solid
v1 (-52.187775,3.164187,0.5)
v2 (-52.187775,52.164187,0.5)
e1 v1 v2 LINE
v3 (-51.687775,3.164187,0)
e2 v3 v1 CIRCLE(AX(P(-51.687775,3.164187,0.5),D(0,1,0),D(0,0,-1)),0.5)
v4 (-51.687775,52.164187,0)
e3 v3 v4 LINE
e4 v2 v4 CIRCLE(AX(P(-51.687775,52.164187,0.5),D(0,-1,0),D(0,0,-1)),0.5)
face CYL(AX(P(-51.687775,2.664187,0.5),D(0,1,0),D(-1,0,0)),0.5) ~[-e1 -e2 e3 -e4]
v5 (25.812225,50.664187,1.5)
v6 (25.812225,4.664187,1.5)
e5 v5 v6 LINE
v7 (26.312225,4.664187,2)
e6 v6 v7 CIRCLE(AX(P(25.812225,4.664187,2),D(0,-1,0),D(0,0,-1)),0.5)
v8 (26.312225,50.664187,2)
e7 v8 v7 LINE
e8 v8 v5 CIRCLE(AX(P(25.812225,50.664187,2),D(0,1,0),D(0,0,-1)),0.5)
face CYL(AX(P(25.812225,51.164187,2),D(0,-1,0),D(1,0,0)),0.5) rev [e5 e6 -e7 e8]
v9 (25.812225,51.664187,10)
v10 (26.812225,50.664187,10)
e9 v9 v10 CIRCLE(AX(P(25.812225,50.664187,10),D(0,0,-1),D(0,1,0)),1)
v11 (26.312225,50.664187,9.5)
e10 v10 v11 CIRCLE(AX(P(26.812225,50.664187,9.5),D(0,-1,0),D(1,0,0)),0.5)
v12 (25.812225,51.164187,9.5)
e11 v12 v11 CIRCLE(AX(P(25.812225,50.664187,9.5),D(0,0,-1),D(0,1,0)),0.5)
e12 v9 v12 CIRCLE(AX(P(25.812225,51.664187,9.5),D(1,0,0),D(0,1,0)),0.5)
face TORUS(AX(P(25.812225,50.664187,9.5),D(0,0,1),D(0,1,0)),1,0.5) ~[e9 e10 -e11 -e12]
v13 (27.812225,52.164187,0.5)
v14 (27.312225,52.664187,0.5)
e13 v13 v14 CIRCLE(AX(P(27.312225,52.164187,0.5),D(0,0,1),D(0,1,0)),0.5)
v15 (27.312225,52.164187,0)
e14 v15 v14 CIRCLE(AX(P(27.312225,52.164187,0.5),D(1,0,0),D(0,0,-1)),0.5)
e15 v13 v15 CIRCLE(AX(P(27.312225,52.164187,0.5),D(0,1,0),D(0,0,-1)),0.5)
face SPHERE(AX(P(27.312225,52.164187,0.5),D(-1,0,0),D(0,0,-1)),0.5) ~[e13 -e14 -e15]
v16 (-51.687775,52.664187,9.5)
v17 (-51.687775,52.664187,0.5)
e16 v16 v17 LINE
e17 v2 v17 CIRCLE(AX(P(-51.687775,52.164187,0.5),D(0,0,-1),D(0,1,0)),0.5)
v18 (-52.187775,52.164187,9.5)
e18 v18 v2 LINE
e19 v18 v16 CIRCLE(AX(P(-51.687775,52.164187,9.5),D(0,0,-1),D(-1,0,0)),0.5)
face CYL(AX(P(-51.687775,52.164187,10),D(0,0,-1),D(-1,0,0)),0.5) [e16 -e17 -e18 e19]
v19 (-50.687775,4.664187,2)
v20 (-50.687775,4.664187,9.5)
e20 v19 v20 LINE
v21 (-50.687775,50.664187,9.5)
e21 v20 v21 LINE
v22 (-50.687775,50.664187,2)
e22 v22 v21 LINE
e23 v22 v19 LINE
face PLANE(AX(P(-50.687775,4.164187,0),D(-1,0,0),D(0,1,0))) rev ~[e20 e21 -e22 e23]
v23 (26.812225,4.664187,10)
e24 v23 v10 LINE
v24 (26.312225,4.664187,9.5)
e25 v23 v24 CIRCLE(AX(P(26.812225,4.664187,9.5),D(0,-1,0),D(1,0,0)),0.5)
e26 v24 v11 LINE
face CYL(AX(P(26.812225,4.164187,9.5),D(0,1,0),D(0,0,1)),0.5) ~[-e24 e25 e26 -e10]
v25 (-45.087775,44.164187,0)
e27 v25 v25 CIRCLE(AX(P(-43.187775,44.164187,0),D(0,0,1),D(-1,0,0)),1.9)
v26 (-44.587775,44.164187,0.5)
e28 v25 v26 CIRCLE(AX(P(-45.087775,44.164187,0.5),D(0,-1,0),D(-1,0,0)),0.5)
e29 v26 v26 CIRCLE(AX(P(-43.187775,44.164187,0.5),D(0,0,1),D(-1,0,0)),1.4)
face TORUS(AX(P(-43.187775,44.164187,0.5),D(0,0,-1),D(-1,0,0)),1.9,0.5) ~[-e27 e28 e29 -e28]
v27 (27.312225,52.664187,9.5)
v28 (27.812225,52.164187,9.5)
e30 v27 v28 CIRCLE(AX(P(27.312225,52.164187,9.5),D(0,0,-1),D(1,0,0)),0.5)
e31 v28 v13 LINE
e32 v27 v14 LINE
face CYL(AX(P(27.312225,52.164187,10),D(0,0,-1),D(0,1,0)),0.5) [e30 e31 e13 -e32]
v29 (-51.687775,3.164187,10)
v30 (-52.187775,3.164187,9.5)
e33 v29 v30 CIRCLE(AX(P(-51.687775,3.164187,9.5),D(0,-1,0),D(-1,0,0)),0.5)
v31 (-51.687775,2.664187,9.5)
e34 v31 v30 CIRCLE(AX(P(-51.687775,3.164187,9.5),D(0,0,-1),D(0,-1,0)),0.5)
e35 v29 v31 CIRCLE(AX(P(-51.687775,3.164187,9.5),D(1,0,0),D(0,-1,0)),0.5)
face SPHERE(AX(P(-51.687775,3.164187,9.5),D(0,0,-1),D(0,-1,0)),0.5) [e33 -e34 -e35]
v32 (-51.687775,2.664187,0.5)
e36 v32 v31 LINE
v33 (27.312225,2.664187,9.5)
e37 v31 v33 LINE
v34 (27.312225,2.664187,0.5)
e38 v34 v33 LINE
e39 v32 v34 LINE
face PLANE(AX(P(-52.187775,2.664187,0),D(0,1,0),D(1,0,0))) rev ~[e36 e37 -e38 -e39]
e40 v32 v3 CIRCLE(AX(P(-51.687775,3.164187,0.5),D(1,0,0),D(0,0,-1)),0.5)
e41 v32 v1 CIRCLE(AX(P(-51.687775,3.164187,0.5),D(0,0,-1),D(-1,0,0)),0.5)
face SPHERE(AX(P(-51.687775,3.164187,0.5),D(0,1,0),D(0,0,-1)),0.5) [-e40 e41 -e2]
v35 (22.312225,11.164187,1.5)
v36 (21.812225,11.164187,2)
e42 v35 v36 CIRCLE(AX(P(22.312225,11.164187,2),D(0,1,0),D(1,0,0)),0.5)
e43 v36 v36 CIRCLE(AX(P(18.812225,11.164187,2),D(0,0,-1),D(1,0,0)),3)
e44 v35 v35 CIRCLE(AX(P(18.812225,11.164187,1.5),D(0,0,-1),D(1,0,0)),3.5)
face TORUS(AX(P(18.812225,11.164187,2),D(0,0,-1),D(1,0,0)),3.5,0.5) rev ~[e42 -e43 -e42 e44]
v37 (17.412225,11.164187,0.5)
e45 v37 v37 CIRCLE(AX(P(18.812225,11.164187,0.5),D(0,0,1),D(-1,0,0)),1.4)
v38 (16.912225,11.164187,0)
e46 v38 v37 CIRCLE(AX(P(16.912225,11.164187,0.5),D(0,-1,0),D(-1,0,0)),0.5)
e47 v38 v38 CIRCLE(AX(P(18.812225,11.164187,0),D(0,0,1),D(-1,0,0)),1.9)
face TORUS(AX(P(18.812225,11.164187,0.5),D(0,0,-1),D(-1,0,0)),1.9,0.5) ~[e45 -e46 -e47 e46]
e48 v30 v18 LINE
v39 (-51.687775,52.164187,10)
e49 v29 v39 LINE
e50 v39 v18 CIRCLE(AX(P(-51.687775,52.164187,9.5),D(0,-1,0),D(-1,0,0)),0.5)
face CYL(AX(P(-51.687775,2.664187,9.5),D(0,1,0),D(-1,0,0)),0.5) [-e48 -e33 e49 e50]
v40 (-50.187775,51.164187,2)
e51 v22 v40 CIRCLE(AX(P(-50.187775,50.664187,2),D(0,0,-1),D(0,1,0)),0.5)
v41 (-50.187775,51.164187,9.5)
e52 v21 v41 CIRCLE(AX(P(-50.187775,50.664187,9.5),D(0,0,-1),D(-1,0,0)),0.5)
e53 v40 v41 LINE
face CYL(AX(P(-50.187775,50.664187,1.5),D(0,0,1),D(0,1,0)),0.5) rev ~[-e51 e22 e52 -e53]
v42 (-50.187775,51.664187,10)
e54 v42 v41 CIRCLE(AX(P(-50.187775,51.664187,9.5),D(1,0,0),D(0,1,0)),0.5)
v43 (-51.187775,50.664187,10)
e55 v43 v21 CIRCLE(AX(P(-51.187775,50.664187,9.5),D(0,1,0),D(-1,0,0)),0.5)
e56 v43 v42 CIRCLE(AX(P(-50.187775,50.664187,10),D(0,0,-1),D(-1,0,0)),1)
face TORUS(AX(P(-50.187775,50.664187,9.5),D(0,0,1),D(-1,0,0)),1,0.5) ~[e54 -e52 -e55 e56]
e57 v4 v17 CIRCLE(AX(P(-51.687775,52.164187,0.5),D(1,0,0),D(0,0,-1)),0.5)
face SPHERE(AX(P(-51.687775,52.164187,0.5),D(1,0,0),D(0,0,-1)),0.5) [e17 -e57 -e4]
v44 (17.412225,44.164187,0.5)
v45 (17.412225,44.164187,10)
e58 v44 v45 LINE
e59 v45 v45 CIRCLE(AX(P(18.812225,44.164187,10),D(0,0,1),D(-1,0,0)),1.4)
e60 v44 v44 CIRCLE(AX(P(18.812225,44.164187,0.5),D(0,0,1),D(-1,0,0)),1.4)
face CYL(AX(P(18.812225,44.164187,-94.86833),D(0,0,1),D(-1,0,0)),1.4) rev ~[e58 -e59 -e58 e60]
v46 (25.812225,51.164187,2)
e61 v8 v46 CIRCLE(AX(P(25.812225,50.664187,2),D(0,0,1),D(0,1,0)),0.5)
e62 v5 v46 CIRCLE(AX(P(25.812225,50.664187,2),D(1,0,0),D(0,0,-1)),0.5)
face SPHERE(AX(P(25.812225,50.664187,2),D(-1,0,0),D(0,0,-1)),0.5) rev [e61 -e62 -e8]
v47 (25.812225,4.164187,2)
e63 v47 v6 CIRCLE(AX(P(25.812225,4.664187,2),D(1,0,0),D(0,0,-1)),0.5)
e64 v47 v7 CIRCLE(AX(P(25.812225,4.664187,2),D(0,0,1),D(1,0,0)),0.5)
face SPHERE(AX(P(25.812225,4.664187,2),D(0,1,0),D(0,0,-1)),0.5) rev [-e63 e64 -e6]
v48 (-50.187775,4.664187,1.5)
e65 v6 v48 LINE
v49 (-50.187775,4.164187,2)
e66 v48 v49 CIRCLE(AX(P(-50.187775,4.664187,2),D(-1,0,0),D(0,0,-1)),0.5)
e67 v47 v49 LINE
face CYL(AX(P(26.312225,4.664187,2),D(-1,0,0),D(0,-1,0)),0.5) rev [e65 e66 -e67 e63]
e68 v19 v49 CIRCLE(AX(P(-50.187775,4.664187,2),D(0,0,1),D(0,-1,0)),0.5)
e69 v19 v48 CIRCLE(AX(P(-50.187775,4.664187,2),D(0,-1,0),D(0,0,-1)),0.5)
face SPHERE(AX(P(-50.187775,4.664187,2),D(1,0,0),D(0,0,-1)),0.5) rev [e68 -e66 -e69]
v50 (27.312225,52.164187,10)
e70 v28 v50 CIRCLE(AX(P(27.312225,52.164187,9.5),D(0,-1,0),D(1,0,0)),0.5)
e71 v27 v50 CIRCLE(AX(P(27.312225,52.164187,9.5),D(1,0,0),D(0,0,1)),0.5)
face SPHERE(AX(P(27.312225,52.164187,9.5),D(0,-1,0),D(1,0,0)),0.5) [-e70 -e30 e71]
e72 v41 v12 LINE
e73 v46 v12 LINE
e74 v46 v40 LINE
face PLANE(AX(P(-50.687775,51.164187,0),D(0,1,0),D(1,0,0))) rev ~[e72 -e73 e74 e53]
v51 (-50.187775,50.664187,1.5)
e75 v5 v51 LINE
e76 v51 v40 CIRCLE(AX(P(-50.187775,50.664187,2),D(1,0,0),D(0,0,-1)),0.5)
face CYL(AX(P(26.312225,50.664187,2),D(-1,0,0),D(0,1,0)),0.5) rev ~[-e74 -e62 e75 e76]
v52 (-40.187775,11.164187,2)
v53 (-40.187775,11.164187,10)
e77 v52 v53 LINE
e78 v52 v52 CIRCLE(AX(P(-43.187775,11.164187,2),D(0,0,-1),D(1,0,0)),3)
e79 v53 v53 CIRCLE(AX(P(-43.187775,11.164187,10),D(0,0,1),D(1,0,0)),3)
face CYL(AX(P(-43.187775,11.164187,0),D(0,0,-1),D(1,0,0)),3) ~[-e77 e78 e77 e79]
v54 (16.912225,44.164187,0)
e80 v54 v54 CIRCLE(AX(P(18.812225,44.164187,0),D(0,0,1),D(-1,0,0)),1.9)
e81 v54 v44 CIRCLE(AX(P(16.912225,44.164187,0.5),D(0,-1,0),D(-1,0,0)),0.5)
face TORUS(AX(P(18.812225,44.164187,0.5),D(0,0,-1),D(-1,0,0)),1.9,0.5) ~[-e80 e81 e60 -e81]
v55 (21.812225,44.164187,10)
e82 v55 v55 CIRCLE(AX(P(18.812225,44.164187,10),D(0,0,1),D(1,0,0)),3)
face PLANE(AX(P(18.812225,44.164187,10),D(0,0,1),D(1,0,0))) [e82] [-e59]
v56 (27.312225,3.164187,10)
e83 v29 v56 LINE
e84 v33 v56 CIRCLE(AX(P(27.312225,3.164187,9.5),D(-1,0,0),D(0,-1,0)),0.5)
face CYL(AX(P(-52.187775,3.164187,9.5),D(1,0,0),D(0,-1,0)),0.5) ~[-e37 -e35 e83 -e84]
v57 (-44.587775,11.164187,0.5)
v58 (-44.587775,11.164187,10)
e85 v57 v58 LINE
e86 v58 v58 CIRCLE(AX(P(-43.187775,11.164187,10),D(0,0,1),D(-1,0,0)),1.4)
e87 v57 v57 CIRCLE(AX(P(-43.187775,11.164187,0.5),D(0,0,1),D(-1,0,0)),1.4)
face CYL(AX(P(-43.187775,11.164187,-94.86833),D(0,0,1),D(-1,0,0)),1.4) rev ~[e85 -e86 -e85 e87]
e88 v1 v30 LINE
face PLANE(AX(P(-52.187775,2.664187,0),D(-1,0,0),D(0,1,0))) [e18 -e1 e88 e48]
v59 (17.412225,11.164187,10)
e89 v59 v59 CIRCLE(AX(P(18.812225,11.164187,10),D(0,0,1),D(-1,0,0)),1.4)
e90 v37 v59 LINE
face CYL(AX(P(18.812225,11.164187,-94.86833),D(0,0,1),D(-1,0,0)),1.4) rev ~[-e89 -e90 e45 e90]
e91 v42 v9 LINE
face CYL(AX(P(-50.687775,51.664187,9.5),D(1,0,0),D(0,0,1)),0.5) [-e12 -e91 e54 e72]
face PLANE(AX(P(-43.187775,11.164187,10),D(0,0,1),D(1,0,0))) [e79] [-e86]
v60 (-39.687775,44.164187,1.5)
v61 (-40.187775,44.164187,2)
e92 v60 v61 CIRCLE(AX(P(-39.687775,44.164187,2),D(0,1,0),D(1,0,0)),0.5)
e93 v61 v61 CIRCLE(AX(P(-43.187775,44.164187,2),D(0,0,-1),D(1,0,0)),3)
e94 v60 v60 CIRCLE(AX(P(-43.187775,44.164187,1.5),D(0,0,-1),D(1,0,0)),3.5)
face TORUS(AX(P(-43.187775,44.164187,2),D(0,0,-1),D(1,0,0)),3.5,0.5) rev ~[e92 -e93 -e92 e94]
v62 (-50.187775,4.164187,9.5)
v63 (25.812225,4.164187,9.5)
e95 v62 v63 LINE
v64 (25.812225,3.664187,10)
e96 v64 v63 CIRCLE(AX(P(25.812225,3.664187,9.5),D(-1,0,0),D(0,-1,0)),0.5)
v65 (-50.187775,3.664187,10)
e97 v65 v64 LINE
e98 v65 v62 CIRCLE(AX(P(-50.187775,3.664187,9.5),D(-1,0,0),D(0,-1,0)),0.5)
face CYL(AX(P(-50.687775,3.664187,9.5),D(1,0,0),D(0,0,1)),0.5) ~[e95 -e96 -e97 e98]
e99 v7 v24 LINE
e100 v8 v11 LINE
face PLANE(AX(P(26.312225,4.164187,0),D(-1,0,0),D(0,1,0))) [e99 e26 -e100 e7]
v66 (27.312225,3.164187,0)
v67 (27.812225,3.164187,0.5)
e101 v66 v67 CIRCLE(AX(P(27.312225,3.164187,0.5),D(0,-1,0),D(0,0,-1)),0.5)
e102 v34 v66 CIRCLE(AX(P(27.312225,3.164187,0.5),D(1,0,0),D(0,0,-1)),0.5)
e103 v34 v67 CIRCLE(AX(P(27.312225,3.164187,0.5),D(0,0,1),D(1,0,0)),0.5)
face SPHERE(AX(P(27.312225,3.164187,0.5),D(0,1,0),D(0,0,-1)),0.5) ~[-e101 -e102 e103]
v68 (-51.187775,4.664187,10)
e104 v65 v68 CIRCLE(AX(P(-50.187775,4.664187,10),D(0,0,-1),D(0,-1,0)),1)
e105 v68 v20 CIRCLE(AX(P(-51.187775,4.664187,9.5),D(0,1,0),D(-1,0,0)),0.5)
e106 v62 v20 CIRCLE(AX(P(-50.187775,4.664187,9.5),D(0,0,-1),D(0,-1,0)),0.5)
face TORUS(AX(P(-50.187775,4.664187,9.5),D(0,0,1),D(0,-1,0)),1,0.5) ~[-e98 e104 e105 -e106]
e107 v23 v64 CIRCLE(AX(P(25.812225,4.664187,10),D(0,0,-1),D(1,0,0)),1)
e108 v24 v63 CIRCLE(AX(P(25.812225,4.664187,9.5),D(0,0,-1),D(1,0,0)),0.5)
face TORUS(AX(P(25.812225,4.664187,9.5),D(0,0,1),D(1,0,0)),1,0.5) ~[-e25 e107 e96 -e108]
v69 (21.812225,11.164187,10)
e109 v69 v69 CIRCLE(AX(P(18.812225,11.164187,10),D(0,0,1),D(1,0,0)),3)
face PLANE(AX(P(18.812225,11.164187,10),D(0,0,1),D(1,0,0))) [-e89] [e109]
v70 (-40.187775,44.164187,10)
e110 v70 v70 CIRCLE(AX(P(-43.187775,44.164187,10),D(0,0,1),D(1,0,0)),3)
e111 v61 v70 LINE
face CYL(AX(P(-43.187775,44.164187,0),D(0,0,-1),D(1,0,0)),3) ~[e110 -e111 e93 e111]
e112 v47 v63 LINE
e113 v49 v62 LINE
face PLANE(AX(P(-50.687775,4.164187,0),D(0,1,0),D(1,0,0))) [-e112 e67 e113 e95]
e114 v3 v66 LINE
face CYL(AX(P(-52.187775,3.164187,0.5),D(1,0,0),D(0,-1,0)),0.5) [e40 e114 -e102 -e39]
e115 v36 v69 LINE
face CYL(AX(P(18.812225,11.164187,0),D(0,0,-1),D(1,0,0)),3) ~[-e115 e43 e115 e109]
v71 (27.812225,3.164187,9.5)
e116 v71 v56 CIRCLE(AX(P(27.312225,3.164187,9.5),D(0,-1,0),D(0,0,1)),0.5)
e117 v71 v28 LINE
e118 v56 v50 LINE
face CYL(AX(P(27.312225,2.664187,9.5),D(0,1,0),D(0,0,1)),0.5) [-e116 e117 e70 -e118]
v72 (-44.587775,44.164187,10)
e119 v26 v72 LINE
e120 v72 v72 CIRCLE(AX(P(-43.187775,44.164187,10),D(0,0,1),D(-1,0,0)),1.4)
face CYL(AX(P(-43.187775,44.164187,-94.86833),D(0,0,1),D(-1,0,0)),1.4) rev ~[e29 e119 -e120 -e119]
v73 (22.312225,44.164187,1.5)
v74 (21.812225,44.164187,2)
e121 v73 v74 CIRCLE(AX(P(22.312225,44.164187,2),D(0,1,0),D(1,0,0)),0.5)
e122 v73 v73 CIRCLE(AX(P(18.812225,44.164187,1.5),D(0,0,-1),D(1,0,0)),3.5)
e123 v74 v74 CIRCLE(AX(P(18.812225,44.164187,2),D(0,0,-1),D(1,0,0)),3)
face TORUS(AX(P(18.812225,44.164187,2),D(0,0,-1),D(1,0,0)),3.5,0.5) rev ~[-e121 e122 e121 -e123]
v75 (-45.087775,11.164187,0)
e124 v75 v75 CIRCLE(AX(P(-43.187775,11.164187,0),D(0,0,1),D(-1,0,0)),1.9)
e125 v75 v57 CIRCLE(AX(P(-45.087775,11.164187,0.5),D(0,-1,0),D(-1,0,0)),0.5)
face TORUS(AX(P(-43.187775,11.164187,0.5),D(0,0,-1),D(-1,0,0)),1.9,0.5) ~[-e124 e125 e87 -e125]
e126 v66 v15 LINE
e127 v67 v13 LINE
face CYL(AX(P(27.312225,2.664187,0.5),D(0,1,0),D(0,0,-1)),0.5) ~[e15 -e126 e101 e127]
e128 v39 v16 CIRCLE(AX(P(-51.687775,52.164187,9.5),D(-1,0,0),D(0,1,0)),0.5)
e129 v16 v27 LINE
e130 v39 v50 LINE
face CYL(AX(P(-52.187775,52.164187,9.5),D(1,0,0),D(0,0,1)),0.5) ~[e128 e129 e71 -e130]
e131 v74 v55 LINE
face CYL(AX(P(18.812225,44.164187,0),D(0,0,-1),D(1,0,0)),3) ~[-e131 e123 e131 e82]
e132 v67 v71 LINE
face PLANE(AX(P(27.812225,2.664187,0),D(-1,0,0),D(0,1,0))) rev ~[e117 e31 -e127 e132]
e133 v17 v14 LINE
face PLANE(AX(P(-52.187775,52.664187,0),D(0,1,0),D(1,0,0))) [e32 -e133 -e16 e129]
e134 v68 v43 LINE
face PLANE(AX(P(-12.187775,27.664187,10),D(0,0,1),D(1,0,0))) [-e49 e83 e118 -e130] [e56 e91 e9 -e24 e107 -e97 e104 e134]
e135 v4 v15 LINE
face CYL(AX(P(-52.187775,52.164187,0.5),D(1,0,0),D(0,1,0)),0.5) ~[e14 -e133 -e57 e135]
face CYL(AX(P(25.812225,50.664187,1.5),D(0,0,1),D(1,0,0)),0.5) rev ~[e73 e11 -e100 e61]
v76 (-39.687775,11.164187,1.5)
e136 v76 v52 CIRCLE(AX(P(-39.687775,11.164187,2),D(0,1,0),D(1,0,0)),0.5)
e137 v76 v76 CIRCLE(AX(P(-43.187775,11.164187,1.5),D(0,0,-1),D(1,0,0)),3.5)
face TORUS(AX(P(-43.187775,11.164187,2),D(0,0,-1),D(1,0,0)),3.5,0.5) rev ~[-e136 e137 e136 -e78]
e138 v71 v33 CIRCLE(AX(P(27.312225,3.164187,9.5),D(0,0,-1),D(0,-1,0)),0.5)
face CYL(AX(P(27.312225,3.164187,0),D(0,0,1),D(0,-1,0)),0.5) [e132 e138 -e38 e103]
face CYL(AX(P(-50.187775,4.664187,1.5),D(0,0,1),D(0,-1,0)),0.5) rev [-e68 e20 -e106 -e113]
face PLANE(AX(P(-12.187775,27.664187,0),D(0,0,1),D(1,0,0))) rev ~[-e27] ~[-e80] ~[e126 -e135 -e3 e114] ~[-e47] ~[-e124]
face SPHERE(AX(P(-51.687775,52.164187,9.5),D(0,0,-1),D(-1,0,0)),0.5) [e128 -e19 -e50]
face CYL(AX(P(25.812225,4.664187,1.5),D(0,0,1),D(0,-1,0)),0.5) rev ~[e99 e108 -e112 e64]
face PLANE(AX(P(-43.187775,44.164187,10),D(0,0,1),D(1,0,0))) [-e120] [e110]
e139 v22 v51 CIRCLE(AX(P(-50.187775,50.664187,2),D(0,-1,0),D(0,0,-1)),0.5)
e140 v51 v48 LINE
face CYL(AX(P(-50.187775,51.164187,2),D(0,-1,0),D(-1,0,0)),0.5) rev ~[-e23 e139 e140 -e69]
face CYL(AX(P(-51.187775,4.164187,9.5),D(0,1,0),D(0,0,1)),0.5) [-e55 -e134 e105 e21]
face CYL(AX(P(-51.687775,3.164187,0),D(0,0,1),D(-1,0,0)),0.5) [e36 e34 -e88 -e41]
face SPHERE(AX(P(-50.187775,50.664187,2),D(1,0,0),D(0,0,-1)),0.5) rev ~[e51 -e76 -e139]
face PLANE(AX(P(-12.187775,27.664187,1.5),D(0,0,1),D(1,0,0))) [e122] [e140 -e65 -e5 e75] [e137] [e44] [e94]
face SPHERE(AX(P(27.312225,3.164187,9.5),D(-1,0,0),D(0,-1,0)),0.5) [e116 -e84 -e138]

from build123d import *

# Parameters (mm, degrees)
F0_W     = 80
F0_H     = 50
F0_W_2   = 77
F0_H_2   = 47
F0_R     = 3
F1_DEPTH = 1.5
F2_DEPTH = 10
F3_D     = 2.8
F4_R     = 0.5


with BuildPart() as f1:
    # F0 (on Top) → F1 (new body)
    with BuildSketch(Plane.XY):
        with Locations((-12.1877747178, 27.6641865224)):
            Rectangle(F0_W, F0_H)
        with Locations((-12.1877747178, 27.6641865224)):
            Rectangle(F0_W_2, F0_H_2, mode=Mode.SUBTRACT)
        with Locations((-12.1877747178, 27.6641865224)):
            Rectangle(F0_W_2, F0_H_2)
        with Locations((-43.1877747178, 11.1641865224)):
            Circle(F0_R, mode=Mode.SUBTRACT)
        with Locations((18.8122252822, 11.1641865224)):
            Circle(F0_R, mode=Mode.SUBTRACT)
        with Locations((-43.1877747178, 44.1641865224)):
            Circle(F0_R, mode=Mode.SUBTRACT)
        with Locations((18.8122252822, 44.1641865224)):
            Circle(F0_R, mode=Mode.SUBTRACT)
        with Locations((18.8122252822, 11.1641865224)):
            Circle(F0_R)
        with Locations((-43.1877747178, 11.1641865224)):
            Circle(F0_R)
        with Locations((-43.1877747178, 44.1641865224)):
            Circle(F0_R)
        with Locations((18.8122252822, 44.1641865224)):
            Circle(F0_R)
    extrude(amount=F1_DEPTH)

    # F0 (on Top) → F2 (join)
    with BuildSketch(Plane.XY):
        with Locations((-12.1877747178, 27.6641865224)):
            Rectangle(F0_W, F0_H)
        with Locations((-12.1877747178, 27.6641865224)):
            Rectangle(F0_W_2, F0_H_2, mode=Mode.SUBTRACT)
        with Locations((18.8122252822, 11.1641865224)):
            Circle(F0_R)
        with Locations((18.8122252822, 44.1641865224)):
            Circle(F0_R)
        with Locations((-43.1877747178, 44.1641865224)):
            Circle(F0_R)
        with Locations((-43.1877747178, 11.1641865224)):
            Circle(F0_R)
    extrude(amount=F2_DEPTH)

    # F3 (through all)
    with Locations(Plane(origin=(0, 0, 0), x_dir=(1, 0, 0), z_dir=(0, 0, -1))):
        with Locations((18.8122252822, -11.1641865224), (-43.1877747178, -11.1641865224), (-43.1877747178, -44.1641865224), (18.8122252822, -44.1641865224)):
            Hole(F3_D / 2)

    # F4
    f4_edges = [f1.edges().sort_by_distance(p)[0] for p in [
        (-12.187775, 51.164187, 1.5),
        (26.312225, 27.664187, 1.5),
        (-12.187775, 4.164187, 1.5),
        (-50.687775, 27.664187, 1.5),
        (-46.187775, 11.164187, 1.5),
        (15.812225, 11.164187, 1.5),
        (-46.187775, 44.164187, 1.5),
        (15.812225, 44.164187, 1.5),
        (-12.187775, 52.664187, 0),
        (27.812225, 27.664187, 0),
        (-52.187775, 27.664187, 0),
        (-12.187775, 2.664187, 0),
        (-44.587775, 11.164187, 0),
        (17.412225, 11.164187, 0),
        (-44.587775, 44.164187, 0),
        (17.412225, 44.164187, 0),
        (-52.187775, 2.664187, 5),
        (-12.187775, 2.664187, 10),
        (-52.187775, 52.664187, 5),
        (-52.187775, 27.664187, 10),
        (27.812225, 2.664187, 5),
        (27.812225, 27.664187, 10),
        (27.812225, 52.664187, 5),
        (-12.187775, 52.664187, 10),
        (26.312225, 4.164187, 5.75),
        (26.312225, 27.664187, 10),
        (26.312225, 51.164187, 5.75),
        (-12.187775, 51.164187, 10),
        (-50.687775, 51.164187, 5.75),
        (-50.687775, 27.664187, 10),
        (-50.687775, 4.164187, 5.75),
        (-12.187775, 4.164187, 10),
    ]]
    fillet(f4_edges, radius=F4_R)


solid = f1.part
